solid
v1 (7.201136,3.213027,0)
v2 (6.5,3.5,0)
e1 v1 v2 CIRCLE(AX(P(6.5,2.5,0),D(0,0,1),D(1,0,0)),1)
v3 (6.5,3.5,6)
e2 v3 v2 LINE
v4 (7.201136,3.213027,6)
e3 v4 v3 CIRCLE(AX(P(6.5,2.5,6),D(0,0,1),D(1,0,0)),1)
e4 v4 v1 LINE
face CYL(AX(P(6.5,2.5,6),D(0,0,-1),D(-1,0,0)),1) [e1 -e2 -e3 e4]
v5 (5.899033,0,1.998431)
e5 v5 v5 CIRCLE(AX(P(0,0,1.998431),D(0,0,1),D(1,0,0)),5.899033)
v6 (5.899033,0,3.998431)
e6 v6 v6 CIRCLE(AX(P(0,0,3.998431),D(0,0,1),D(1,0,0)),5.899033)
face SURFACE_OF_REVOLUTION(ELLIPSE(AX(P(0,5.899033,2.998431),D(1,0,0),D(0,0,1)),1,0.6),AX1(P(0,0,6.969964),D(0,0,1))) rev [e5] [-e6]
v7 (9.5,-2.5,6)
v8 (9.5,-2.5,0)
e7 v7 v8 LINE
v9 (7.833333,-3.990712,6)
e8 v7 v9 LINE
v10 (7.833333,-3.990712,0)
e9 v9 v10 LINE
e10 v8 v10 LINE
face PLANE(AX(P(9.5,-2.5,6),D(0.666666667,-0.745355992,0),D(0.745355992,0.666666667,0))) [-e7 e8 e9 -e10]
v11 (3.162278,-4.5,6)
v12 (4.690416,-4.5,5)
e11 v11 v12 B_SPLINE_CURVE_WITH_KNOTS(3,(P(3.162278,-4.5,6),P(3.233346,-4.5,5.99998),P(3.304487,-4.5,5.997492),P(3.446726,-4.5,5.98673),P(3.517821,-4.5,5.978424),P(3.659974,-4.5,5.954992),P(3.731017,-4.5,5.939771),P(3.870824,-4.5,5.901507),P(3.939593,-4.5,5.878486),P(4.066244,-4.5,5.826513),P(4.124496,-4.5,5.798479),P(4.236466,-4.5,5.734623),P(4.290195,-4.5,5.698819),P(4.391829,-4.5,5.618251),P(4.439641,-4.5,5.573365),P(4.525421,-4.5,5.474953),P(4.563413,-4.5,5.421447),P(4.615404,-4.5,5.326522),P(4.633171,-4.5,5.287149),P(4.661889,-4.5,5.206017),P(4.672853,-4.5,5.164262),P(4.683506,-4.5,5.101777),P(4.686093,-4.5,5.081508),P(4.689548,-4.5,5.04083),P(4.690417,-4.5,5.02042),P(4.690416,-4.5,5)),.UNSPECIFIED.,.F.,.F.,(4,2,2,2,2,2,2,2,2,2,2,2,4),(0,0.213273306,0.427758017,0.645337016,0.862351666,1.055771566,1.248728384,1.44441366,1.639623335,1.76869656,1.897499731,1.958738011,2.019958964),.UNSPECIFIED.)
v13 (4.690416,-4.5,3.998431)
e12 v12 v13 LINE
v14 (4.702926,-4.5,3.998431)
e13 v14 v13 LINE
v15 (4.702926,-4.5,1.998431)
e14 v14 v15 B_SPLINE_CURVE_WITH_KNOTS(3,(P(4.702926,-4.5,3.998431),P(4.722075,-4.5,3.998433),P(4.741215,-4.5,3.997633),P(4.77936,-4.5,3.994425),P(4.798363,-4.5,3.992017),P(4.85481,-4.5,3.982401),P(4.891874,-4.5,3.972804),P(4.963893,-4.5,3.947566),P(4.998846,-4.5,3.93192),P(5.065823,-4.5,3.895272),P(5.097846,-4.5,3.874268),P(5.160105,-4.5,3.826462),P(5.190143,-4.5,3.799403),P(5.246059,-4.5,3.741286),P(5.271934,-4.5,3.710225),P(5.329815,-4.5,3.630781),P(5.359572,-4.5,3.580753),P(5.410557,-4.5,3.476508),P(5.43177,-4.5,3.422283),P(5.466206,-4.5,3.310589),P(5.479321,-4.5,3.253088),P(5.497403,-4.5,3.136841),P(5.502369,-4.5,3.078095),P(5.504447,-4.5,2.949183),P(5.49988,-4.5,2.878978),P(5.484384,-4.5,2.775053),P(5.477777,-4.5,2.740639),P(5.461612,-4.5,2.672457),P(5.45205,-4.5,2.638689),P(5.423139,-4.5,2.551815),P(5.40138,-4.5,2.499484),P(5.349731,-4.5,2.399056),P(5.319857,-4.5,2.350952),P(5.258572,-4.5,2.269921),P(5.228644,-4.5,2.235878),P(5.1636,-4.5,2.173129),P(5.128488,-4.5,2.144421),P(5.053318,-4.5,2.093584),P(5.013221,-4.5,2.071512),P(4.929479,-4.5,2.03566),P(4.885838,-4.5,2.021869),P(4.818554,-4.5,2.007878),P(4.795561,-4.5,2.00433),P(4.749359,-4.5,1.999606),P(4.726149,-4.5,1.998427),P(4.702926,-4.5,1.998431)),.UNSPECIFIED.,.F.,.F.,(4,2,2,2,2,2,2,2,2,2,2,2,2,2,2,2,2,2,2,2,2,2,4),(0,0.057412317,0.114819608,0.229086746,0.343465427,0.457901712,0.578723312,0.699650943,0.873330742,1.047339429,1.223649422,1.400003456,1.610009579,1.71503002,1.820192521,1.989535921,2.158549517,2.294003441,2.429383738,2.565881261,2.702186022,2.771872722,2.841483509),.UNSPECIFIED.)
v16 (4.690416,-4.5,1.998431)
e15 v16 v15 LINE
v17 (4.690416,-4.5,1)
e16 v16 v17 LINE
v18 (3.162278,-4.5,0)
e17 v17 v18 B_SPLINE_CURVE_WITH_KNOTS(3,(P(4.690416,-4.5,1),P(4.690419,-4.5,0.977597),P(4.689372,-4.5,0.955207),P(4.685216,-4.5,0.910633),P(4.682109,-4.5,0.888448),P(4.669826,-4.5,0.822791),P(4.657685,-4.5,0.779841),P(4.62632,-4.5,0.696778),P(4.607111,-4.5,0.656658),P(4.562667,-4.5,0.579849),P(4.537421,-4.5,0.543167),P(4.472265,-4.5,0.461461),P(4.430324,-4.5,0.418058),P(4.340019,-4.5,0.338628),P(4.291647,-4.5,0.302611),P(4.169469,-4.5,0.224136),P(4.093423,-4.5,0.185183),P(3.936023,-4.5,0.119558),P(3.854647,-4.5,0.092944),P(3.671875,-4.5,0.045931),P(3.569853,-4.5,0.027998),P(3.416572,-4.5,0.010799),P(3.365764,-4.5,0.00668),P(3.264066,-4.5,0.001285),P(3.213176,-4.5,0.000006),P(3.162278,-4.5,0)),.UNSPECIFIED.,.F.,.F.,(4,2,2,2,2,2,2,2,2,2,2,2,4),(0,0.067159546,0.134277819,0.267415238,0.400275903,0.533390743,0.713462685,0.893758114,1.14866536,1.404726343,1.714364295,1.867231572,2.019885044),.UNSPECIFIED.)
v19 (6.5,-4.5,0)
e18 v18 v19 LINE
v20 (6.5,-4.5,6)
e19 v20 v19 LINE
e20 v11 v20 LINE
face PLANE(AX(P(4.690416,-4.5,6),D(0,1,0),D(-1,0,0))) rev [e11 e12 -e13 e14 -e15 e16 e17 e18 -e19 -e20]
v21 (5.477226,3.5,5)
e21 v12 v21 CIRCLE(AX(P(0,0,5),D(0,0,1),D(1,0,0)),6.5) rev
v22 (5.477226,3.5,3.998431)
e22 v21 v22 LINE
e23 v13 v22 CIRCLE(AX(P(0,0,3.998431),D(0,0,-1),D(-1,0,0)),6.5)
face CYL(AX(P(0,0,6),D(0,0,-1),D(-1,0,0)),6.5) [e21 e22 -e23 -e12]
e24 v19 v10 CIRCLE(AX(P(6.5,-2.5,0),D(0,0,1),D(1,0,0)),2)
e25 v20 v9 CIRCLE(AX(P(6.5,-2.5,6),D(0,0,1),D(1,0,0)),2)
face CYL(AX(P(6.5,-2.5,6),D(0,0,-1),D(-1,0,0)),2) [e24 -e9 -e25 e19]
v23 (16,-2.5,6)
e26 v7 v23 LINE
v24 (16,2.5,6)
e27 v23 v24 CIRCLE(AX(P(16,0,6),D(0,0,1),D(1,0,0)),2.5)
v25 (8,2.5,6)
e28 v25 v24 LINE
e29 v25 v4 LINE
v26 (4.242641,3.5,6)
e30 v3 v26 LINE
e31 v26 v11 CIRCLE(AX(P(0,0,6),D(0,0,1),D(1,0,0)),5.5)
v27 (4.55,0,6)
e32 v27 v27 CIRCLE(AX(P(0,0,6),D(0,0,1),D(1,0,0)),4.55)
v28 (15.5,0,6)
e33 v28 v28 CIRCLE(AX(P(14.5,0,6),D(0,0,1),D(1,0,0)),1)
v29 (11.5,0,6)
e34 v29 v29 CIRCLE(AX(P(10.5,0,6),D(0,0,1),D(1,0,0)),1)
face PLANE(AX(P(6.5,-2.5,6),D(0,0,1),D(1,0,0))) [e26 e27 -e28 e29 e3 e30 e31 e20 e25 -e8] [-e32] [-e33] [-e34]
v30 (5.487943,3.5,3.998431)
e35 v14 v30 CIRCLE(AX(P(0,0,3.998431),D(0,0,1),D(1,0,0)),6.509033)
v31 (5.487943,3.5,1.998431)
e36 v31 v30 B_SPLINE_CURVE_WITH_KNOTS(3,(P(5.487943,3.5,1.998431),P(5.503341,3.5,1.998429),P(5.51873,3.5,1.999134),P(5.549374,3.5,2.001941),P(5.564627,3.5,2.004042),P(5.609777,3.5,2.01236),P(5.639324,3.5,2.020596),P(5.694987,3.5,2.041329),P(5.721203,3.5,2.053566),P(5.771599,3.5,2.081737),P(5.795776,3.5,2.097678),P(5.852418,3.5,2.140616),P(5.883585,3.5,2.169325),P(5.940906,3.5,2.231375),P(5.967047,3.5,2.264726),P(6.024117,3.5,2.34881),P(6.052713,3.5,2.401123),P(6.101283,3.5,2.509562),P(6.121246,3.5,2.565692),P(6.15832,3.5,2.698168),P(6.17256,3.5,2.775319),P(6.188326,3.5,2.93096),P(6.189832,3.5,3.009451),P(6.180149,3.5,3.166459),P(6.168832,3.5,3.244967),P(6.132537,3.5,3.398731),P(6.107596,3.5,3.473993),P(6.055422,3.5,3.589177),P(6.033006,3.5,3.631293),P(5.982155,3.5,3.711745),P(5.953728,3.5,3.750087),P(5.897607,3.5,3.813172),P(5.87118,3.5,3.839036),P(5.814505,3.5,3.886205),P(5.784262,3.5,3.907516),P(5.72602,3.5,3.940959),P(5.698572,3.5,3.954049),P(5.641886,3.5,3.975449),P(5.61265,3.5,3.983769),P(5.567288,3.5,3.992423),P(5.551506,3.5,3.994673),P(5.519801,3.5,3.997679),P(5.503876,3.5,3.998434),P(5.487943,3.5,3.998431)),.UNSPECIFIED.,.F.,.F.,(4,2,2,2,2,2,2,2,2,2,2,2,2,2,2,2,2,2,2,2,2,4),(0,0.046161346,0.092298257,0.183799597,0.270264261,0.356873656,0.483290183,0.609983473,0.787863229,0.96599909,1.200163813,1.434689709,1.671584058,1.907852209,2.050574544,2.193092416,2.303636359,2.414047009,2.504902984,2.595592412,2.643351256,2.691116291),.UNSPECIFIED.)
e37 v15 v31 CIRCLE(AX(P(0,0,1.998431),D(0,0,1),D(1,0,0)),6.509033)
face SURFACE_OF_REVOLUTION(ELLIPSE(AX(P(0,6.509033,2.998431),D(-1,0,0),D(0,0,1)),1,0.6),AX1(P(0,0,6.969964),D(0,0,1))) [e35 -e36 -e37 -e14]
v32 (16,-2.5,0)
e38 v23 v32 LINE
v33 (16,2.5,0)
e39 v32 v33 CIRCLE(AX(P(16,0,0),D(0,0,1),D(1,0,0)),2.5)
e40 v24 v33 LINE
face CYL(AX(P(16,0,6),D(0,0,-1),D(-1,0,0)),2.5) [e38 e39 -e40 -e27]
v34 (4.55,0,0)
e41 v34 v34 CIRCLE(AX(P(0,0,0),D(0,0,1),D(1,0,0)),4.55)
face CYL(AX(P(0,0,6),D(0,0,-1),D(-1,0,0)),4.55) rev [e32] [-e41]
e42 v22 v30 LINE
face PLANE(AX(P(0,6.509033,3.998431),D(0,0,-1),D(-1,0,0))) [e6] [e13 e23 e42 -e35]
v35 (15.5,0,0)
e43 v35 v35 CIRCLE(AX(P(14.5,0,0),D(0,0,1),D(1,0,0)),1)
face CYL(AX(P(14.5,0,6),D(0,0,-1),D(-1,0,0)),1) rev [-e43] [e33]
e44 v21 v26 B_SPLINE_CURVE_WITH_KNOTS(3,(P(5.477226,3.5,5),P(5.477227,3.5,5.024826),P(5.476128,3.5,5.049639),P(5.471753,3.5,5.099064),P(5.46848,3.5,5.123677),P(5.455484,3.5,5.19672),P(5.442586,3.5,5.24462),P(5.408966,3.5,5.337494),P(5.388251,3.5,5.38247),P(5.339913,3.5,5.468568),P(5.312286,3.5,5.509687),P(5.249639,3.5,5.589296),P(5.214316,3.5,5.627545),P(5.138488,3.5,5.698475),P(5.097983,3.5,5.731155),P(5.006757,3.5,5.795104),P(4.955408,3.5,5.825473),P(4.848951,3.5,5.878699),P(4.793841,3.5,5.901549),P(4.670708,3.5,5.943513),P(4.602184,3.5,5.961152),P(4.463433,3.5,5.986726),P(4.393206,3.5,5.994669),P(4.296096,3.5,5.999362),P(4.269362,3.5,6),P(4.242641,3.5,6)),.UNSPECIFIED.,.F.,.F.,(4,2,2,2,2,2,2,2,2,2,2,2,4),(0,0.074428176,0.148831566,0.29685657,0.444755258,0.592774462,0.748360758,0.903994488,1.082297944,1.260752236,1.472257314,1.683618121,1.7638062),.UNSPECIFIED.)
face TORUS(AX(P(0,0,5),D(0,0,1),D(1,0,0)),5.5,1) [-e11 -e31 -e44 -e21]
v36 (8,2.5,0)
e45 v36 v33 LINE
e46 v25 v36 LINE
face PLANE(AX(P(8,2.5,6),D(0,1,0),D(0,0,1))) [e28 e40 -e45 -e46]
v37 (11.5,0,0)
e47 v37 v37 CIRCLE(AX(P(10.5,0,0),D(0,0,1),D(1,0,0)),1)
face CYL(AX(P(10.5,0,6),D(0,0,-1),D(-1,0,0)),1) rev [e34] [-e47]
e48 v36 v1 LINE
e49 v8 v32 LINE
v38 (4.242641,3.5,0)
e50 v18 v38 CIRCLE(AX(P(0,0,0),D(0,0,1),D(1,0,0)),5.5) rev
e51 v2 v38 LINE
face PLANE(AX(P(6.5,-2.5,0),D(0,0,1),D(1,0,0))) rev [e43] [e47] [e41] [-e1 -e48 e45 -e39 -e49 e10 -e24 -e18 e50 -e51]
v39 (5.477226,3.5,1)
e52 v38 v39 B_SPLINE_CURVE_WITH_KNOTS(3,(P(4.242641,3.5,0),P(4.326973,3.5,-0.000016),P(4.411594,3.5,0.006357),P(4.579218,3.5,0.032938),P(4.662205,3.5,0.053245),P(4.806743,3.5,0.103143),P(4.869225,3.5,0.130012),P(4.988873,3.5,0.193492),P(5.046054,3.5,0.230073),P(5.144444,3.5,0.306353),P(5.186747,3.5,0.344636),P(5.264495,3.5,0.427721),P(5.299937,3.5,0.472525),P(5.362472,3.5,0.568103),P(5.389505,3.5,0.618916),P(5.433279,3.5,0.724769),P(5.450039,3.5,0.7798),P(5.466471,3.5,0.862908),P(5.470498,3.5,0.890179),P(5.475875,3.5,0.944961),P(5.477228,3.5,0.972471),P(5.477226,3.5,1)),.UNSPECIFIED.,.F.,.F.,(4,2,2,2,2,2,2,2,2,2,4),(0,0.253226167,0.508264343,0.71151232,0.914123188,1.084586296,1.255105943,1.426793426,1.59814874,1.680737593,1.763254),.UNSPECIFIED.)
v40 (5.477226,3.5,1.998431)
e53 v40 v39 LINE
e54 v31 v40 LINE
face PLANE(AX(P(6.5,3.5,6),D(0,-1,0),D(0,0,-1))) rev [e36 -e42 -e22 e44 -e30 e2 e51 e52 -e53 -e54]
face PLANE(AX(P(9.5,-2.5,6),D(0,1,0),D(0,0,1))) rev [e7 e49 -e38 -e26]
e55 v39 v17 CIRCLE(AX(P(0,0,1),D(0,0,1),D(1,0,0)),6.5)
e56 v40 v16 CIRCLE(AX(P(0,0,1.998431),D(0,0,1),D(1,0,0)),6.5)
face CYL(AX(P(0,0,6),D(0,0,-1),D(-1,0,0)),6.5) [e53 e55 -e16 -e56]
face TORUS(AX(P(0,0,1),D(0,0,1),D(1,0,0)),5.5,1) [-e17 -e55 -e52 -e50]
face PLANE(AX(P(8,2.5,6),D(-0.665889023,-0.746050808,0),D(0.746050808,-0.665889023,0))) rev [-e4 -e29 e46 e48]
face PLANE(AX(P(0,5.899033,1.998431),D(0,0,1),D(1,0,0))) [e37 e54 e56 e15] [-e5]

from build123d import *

# Parameters (mm, degrees)
BOSS_EXTRUDE1_DEPTH = 6
SKETCH1_5_R         = 4.55
CUT_EXTRUDE2_DEPTH  = 21.506096654
SKETCH1_6_R         = 1
CUT_EXTRUDE3_DEPTH  = 21.506096654
FILLET1_R           = 1


with BuildPart() as part:
    # Sketch1 → Boss-Extrude1 (new body)
    with BuildSketch(Plane.XY):
        with BuildLine():
            Line((9.5, -2.5), (16, -2.5))
            ThreePointArc((16, -2.5), (18.5, 0), (16, 2.5))
            Line((16, 2.5), (8, 2.5))
            Line((8, 2.5), (7.201136344, 3.213027227))
            ThreePointArc((7.201136344, 3.213027227), (6.878795969, 3.425480207), (6.5, 3.5))
            Line((6.5, 3.5), (5.477225575, 3.5))
            ThreePointArc((5.477225575, 3.5), (-6.468789112, 0.636213346), (4.69041576, -4.5))
            Line((4.69041576, -4.5), (6.5, -4.5))
            ThreePointArc((6.5, -4.5), (7.21364418, -4.368344718), (7.833333333, -3.990711985))
            Line((7.833333333, -3.990711985), (9.5, -2.5))
        make_face()
    extrude(amount=BOSS_EXTRUDE1_DEPTH)

    # Sketch1_5 → Cut-Extrude2 (cut, through all)
    with BuildSketch(Plane.XY):
        Circle(SKETCH1_5_R)
    extrude(amount=CUT_EXTRUDE2_DEPTH, mode=Mode.SUBTRACT)

    # Sketch1_6 → Cut-Extrude3 (cut, through all)
    with BuildSketch(Plane.XY):
        with Locations((14.5, 0)):
            Circle(SKETCH1_6_R)
        with Locations((10.5, 0)):
            Circle(SKETCH1_6_R)
    extrude(amount=CUT_EXTRUDE3_DEPTH, mode=Mode.SUBTRACT)

    # Sketch5 → Cut-Revolve2 (revolve, cut)
    with BuildSketch(Plane(origin=(0, 0, 0), x_dir=(0, 0, -1), z_dir=(1, 0, 0))):
        with BuildLine():
            Line((-3.998431193, 6.509033472), (-3.998431193, 5.899033472))
            add(Edge.make_bspline(
                [(-3.998431193, 5.899033472), (-3.998431193, 5.299033472), (-2.998431193, 5.299033472), (-1.998431193, 5.299033472), (-1.998431193, 5.899033472)],
                knots=[0, 0, 0, 1.570796327, 1.570796327, 3.141592654, 3.141592654, 3.141592654], degree=2, weights=[1, 0.707106781, 1, 0.707106781, 1]))
            Line((-1.998431193, 5.899033472), (-1.998431193, 6.509033472))
            add(Edge.make_bspline(
                [(-1.998431193, 6.509033472), (-1.998431193, 7.109033472), (-2.998431193, 7.109033472), (-3.998431193, 7.109033472), (-3.998431193, 6.509033472)],
                knots=[3.141592654, 3.141592654, 3.141592654, 4.71238898, 4.71238898, 6.283185307, 6.283185307, 6.283185307], degree=2, weights=[1, 0.707106781, 1, 0.707106781, 1]))
        make_face()
    revolve(axis=Axis((0, 0, 6.969963605), (0, 0, -1)), mode=Mode.SUBTRACT)

    # Fillet1
    fillet1_edges = [part.edges().sort_by_distance(p)[0] for p in [
        (-6.468789112, 0.636213346, 0),
        (-6.468789112, 0.636213346, 6),
    ]]
    fillet(fillet1_edges, radius=FILLET1_R)


solid = part.part
